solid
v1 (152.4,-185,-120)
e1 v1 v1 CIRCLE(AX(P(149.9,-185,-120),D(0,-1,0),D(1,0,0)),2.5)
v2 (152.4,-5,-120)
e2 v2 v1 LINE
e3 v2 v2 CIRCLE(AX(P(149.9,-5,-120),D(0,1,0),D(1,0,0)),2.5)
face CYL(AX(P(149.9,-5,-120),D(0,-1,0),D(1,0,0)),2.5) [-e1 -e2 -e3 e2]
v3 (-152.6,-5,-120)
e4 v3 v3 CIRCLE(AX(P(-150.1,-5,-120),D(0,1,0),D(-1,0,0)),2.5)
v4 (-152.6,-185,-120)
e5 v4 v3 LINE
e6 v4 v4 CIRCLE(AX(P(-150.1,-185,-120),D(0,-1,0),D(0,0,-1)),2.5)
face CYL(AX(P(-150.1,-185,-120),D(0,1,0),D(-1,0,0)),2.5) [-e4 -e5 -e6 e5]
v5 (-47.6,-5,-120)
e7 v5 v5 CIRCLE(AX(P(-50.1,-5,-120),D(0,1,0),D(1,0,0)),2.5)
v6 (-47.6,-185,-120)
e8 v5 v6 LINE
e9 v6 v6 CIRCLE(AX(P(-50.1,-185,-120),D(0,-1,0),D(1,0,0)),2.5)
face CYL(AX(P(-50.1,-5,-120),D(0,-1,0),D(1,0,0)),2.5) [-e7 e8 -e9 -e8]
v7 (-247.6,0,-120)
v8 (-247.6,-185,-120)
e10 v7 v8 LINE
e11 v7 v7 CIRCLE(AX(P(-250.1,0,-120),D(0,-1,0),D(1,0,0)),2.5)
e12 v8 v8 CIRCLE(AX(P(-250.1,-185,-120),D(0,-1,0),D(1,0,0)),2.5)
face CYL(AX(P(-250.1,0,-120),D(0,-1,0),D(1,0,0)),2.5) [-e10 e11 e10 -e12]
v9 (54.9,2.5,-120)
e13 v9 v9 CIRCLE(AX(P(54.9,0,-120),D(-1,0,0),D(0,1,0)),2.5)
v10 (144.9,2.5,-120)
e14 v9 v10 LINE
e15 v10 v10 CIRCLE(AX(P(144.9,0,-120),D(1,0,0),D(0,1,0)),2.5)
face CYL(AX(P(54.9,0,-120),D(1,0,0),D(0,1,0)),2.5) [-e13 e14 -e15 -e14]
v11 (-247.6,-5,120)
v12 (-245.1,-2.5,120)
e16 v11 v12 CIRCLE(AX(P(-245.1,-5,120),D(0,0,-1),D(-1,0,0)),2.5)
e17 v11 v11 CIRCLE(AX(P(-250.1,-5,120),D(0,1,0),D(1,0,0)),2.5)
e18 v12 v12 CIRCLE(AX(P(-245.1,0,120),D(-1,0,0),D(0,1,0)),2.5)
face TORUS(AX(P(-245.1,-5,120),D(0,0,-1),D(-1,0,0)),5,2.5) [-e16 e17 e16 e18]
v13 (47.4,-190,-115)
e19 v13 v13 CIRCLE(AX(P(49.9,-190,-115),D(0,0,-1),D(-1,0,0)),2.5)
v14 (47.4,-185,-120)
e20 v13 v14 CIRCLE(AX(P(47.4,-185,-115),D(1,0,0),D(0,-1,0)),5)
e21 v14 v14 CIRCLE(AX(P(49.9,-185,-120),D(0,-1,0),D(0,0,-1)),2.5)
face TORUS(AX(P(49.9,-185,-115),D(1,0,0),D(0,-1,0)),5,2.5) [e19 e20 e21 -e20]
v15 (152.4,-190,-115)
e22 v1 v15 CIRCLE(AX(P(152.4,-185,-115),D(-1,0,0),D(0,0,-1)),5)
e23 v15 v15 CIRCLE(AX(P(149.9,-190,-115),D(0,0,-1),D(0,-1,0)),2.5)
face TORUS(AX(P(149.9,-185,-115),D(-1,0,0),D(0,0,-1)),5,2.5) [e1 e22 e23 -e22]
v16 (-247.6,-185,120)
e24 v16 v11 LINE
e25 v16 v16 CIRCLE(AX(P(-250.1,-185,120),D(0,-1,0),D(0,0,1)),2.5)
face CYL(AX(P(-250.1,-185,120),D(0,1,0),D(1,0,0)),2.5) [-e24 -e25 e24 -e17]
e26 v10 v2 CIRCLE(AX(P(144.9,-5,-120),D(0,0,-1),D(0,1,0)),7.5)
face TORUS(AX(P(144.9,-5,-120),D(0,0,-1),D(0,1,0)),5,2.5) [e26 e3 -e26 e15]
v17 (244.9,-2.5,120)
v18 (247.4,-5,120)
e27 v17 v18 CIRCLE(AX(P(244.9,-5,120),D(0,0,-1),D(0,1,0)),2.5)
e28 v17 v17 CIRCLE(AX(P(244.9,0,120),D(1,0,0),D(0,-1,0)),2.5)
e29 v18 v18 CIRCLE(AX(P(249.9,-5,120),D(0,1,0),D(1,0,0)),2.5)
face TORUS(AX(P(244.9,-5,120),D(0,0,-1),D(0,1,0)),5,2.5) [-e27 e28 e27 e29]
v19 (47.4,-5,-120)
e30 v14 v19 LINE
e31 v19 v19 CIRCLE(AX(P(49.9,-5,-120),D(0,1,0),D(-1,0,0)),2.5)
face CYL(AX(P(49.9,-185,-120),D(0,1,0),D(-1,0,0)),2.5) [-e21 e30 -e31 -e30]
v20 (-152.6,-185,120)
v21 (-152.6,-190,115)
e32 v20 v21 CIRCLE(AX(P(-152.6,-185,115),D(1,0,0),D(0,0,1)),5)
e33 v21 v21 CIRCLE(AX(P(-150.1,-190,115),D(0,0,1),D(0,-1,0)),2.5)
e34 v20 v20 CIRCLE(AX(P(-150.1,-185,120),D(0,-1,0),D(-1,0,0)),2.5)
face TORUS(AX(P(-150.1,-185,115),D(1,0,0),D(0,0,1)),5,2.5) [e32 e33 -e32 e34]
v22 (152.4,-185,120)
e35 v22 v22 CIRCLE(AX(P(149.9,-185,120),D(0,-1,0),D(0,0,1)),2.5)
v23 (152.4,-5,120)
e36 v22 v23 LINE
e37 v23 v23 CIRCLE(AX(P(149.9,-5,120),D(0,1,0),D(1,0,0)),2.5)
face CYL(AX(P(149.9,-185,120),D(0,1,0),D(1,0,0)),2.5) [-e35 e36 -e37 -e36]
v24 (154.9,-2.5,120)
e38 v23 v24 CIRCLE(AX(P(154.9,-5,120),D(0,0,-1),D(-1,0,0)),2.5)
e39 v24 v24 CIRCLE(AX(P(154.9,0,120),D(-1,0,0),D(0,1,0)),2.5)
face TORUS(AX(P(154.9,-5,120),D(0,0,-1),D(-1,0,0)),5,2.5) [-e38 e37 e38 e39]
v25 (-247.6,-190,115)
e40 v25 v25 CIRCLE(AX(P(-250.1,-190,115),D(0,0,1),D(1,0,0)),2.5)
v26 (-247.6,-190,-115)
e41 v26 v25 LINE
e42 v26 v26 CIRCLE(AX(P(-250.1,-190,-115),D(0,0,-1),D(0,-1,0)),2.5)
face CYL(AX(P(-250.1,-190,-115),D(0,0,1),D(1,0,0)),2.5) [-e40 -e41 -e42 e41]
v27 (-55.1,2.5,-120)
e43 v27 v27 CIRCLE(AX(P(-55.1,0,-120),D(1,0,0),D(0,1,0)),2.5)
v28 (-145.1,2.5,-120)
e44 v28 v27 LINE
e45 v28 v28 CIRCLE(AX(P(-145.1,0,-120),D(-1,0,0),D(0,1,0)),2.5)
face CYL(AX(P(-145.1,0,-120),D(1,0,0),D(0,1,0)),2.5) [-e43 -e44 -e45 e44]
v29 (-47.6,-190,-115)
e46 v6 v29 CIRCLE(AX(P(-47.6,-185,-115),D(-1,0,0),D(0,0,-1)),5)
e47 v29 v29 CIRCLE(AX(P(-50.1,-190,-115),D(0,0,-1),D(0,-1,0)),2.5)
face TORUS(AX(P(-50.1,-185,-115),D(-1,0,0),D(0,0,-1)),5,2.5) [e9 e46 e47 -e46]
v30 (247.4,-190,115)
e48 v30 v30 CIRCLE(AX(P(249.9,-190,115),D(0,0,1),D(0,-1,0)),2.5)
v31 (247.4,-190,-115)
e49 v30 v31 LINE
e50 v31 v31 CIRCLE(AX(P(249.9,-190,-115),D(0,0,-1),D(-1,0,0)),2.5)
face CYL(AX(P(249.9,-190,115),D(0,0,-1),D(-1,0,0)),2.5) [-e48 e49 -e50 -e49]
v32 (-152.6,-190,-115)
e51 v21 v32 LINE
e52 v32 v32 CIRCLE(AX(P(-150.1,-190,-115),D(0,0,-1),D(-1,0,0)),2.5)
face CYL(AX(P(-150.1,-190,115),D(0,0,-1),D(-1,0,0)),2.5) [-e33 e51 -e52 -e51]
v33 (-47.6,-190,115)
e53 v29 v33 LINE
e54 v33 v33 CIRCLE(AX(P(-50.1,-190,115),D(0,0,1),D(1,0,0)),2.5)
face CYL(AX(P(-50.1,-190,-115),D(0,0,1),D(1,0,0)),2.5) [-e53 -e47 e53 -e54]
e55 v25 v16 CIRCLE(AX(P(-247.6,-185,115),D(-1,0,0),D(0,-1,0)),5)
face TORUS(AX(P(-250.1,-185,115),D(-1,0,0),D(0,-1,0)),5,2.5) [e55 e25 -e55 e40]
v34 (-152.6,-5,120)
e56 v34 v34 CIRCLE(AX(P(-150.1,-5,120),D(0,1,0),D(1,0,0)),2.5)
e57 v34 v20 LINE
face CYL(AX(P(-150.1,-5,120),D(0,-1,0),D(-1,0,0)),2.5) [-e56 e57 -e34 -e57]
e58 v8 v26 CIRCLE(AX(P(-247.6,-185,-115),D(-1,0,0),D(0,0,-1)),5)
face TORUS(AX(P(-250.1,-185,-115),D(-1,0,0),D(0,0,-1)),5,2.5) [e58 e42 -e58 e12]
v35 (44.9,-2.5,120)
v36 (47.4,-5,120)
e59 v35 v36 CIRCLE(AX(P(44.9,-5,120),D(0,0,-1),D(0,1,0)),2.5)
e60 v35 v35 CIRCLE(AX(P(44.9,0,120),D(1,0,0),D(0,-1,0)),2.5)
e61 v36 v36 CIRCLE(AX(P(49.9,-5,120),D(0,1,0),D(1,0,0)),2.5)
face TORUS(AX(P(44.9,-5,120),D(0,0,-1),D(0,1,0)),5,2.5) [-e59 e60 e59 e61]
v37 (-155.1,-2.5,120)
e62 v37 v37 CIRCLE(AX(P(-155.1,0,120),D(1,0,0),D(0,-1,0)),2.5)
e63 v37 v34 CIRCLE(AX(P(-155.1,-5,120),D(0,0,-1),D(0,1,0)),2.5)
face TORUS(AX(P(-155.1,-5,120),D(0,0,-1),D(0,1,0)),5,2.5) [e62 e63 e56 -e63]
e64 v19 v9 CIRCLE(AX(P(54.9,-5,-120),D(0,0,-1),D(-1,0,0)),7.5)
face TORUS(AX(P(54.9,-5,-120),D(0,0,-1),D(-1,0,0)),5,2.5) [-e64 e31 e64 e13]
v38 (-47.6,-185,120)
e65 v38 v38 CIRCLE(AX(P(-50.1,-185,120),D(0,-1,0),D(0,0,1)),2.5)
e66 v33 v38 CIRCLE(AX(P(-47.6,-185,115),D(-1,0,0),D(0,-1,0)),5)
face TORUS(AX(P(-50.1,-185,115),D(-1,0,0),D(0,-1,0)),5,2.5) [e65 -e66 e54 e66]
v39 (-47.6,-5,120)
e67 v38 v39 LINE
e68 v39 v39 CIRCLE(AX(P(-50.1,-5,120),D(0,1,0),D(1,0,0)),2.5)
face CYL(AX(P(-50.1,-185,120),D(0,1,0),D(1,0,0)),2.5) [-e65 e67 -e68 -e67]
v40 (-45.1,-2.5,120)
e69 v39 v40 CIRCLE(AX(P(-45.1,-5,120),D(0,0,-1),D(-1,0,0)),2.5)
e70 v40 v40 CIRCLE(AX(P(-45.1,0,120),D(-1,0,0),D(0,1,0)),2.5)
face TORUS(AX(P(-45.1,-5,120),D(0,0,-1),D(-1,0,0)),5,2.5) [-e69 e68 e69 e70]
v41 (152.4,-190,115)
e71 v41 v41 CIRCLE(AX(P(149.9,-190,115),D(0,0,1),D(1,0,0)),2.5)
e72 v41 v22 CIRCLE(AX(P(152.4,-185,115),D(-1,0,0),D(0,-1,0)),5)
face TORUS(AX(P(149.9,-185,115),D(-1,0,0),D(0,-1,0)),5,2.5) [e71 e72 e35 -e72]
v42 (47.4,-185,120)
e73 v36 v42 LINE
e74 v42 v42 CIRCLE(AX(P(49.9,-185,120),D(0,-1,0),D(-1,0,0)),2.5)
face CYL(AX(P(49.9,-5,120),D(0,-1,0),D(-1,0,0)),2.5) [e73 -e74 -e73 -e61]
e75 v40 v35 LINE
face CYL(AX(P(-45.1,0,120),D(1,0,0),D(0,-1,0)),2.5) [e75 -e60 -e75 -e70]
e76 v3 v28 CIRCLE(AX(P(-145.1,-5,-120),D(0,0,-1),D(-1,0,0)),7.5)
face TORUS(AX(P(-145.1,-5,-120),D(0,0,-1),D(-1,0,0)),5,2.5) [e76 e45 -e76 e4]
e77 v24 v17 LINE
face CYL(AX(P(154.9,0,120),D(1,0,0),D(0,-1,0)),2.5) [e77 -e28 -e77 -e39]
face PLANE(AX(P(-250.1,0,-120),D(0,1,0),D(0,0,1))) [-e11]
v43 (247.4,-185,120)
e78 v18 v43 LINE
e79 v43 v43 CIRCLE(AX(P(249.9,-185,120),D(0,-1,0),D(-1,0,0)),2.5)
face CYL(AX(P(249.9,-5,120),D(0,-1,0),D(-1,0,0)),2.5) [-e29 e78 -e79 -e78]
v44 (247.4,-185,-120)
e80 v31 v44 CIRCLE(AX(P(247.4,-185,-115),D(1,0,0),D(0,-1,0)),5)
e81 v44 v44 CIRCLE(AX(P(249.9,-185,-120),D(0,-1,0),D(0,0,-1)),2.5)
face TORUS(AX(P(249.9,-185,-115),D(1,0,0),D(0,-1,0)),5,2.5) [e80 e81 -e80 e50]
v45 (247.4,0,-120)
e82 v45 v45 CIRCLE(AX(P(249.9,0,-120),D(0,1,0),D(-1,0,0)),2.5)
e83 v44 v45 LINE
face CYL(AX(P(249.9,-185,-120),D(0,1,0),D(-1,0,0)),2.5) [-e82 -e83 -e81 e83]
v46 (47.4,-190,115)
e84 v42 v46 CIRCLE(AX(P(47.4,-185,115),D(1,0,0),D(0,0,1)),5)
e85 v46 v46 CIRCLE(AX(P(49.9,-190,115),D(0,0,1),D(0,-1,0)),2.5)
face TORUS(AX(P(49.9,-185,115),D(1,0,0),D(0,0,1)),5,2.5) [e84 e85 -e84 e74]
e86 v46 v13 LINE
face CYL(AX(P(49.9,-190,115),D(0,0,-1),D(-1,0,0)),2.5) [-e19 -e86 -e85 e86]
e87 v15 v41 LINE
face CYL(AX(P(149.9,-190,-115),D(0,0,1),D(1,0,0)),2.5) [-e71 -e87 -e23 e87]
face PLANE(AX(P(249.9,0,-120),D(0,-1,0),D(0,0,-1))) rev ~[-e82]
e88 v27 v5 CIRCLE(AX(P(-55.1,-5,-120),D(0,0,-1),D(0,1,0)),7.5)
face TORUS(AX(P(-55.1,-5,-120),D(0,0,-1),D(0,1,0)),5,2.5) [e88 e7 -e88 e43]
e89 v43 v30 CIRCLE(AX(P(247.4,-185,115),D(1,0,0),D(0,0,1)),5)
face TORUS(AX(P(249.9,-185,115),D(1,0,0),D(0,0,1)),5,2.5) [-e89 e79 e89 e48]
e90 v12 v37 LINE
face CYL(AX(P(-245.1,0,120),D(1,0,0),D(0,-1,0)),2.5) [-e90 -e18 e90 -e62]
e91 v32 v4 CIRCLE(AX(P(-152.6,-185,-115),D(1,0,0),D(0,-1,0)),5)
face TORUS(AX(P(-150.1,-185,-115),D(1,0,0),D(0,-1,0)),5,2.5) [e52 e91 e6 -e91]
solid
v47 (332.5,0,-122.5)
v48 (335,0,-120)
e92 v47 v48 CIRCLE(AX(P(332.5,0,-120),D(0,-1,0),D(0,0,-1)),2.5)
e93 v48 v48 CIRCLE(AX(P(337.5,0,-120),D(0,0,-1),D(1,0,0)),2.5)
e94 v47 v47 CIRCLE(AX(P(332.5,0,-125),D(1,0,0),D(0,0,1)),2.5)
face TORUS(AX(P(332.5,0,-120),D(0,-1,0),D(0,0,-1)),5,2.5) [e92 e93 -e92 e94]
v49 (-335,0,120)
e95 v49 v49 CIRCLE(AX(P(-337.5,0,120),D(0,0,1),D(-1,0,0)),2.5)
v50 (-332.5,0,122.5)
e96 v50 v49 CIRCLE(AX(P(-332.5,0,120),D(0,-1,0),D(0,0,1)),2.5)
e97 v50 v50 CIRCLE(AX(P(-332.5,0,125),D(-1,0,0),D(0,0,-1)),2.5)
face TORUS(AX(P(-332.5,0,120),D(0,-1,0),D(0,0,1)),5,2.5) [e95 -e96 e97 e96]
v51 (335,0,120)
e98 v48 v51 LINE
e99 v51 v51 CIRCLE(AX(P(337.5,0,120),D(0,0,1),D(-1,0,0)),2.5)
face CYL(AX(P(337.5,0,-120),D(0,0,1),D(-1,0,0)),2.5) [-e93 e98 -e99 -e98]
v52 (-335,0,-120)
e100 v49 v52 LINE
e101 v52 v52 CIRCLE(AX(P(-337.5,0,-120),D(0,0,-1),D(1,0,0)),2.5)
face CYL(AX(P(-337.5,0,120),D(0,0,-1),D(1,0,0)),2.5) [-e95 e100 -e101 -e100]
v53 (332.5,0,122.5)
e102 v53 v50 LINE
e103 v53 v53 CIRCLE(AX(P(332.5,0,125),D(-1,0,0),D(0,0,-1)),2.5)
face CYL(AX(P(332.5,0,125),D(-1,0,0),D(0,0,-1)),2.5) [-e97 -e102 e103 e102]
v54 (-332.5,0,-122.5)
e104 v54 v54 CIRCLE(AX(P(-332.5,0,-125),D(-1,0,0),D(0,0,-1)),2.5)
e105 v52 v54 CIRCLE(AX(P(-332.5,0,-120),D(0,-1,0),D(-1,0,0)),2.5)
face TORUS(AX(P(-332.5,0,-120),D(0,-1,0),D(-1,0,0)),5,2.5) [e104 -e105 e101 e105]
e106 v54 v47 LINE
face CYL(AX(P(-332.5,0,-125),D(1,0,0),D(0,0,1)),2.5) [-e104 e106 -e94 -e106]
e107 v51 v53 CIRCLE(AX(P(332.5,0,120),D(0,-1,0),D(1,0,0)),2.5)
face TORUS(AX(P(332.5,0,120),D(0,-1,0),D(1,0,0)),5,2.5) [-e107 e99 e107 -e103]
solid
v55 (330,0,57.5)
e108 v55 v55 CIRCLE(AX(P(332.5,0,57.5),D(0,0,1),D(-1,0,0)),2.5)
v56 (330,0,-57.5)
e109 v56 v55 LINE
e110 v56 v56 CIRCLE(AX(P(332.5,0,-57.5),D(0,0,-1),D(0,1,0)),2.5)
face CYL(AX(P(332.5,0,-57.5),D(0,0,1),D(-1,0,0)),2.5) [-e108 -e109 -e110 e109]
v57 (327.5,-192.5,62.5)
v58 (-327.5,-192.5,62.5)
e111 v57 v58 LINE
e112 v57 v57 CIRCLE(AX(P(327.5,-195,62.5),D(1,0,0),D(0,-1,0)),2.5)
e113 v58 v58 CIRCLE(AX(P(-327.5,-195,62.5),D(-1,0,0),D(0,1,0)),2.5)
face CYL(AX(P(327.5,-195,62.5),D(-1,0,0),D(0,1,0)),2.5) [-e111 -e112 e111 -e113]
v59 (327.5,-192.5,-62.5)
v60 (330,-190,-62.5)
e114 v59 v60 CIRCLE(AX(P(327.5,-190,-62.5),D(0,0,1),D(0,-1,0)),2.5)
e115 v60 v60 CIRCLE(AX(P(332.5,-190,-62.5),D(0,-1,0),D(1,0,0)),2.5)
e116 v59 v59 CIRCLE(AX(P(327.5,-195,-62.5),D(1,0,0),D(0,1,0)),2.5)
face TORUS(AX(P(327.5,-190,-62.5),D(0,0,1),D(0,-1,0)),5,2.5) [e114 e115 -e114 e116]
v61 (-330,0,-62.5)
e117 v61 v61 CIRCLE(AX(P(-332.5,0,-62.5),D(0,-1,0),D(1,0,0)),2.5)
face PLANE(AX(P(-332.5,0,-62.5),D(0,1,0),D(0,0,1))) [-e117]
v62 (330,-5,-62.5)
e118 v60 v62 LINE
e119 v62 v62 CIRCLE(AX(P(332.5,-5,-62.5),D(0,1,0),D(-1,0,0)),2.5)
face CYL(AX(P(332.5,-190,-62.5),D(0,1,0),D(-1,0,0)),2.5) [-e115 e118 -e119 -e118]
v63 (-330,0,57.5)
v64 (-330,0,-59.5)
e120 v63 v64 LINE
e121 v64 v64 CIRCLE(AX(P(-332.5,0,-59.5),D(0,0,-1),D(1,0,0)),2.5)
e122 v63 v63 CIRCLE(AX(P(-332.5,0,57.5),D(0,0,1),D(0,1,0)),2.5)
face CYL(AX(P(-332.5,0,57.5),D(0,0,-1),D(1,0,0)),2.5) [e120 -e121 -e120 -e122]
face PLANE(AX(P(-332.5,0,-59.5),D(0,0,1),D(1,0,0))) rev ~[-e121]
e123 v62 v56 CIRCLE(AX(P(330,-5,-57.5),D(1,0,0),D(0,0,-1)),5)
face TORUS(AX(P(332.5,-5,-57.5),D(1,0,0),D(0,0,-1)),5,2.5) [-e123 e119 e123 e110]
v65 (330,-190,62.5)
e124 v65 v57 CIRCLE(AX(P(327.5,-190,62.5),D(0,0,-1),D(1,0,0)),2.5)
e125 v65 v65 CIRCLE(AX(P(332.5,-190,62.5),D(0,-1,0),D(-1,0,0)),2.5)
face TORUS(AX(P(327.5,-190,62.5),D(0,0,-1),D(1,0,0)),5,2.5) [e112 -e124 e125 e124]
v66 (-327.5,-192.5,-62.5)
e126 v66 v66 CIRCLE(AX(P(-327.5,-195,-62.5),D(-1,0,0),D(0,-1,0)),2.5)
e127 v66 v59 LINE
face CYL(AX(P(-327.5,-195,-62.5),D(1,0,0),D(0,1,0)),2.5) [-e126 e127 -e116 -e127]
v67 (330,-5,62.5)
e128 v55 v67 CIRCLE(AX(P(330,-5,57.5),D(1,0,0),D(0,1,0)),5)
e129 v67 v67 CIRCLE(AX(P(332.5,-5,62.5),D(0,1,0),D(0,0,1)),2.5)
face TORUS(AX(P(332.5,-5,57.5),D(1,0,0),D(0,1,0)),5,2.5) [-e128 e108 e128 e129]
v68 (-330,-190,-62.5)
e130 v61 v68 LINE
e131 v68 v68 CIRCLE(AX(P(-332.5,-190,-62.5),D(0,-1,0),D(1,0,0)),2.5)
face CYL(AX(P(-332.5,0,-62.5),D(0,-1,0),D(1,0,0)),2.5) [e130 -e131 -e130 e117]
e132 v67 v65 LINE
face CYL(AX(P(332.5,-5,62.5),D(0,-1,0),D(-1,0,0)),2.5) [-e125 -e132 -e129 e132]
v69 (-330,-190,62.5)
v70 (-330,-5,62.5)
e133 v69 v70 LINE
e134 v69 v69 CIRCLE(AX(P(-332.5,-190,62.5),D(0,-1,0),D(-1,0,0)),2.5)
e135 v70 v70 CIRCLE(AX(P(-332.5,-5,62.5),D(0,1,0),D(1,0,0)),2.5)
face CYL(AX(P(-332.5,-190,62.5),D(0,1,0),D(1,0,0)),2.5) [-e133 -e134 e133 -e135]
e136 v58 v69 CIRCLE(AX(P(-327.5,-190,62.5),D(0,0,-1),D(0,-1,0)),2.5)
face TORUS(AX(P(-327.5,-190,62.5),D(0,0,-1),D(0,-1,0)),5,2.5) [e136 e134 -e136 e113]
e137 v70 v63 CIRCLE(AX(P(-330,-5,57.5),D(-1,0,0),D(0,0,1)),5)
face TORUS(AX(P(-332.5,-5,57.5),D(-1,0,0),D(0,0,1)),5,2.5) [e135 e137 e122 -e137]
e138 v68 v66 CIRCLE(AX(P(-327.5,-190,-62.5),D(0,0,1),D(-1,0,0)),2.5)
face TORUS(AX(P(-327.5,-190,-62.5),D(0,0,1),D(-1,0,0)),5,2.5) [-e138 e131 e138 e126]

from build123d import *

# Parameters (mm, degrees)
SKETCH4_R  = 2.5
SKETCH14_R = 2.5
SKETCH15_R = 2.5


with BuildPart() as part:
    # Sweep2: sweep along a path in Sketch3
    with BuildLine(Plane(origin=(0, 0, 0), x_dir=(1, 0, 0), z_dir=(0, 1, 0))) as sweep2_path:
        Line((332.5, -125), (-332.5, -125))
        ThreePointArc((-332.5, -125), (-336.035533906, -123.535533906), (-337.5, -120))
        Line((-337.5, -120), (-337.5, 120))
        ThreePointArc((-337.5, 120), (-336.035533906, 123.535533906), (-332.5, 125))
        Line((-332.5, 125), (332.5, 125))
        ThreePointArc((332.5, 125), (336.035533906, 123.535533906), (337.5, 120))
        Line((337.5, 120), (337.5, -120))
        ThreePointArc((337.5, -120), (336.035533906, -123.535533906), (332.5, -125))
    # Sketch4 → Sweep2 (sweep)
    with BuildSketch(Plane(origin=(0, 0, 0), x_dir=(0, 0, -1), z_dir=(1, 0, 0))):
        with Locations((-125, 0)):
            Circle(SKETCH4_R)
    sweep(path=sweep2_path.line)


with BuildPart() as body_2:
    # Sweep9: sweep along a curve in space
    with BuildLine() as sweep9_path:
        Line((-332.5, 0, -62.5), (-332.5, -190, -62.5))
        ThreePointArc((-332.5, -190, -62.5), (-331.035533906, -193.535533906, -62.5), (-327.5, -195, -62.5))
        Line((-327.5, -195, -62.5), (327.5, -195, -62.5))
        ThreePointArc((327.5, -195, -62.5), (331.035533906, -193.535533906, -62.5), (332.5, -190, -62.5))
        Line((332.5, -190, -62.5), (332.5, -5, -62.5))
        ThreePointArc((332.5, -5, -62.5), (332.5, -1.464466094, -61.035533906), (332.5, 0, -57.5))
        Line((332.5, 0, -57.5), (332.5, 0, 57.5))
        ThreePointArc((332.5, 0, 57.5), (332.5, -1.464466094, 61.035533906), (332.5, -5, 62.5))
        Line((332.5, -5, 62.5), (332.5, -190, 62.5))
        ThreePointArc((332.5, -190, 62.5), (331.035533906, -193.535533906, 62.5), (327.5, -195, 62.5))
        Line((327.5, -195, 62.5), (-327.5, -195, 62.5))
        ThreePointArc((-327.5, -195, 62.5), (-331.035533906, -193.535533906, 62.5), (-332.5, -190, 62.5))
        Line((-332.5, -190, 62.5), (-332.5, -5, 62.5))
        ThreePointArc((-332.5, -5, 62.5), (-332.5, -1.464466094, 61.035533906), (-332.5, 0, 57.5))
        Line((-332.5, 0, 57.5), (-332.5, 0, -59.5))
    # Sketch14 → Sweep9 (sweep)
    with BuildSketch(Plane(origin=(0, 0, 0), x_dir=(1, 0, 0), z_dir=(0, 1, 0))):
        with Locations((-332.5, 62.5)):
            Circle(SKETCH14_R)
    sweep(path=sweep9_path.line)


with BuildPart() as body_3:
    # Sweep10: sweep along a curve in space
    with BuildLine() as sweep10_path:
        Line((-250.1, 0, -120), (-250.1, -185, -120))
        ThreePointArc((-250.1, -185, -120), (-250.1, -188.535533906, -118.535533906), (-250.1, -190, -115))
        Line((-250.1, -190, -115), (-250.1, -190, 115))
        ThreePointArc((-250.1, -190, 115), (-250.1, -188.535533906, 118.535533906), (-250.1, -185, 120))
        Line((-250.1, -185, 120), (-250.1, -5, 120))
        ThreePointArc((-250.1, -5, 120), (-248.635533906, -1.464466094, 120), (-245.1, 0, 120))
        Line((-245.1, 0, 120), (-155.1, 0, 120))
        ThreePointArc((-155.1, 0, 120), (-151.564466094, -1.464466094, 120), (-150.1, -5, 120))
        Line((-150.1, -5, 120), (-150.1, -185, 120))
        ThreePointArc((-150.1, -185, 120), (-150.1, -188.535533906, 118.535533906), (-150.1, -190, 115))
        Line((-150.1, -190, 115), (-150.1, -190, -115))
        ThreePointArc((-150.1, -190, -115), (-150.1, -188.535533906, -118.535533906), (-150.1, -185, -120))
        Line((-150.1, -185, -120), (-150.1, -5, -120))
        ThreePointArc((-150.1, -5, -120), (-148.635533906, -1.464466094, -120), (-145.1, 0, -120))
        Line((-145.1, 0, -120), (-55.1, 0, -120))
        ThreePointArc((-55.1, 0, -120), (-51.564466094, -1.464466094, -120), (-50.1, -5, -120))
        Line((-50.1, -5, -120), (-50.1, -185, -120))
        ThreePointArc((-50.1, -185, -120), (-50.1, -188.535533906, -118.535533906), (-50.1, -190, -115))
        Line((-50.1, -190, -115), (-50.1, -190, 115))
        ThreePointArc((-50.1, -190, 115), (-50.1, -188.535533906, 118.535533906), (-50.1, -185, 120))
        Line((-50.1, -185, 120), (-50.1, -5, 120))
        ThreePointArc((-50.1, -5, 120), (-48.635533906, -1.464466094, 120), (-45.1, 0, 120))
        Line((-45.1, 0, 120), (44.9, 0, 120))
        ThreePointArc((44.9, 0, 120), (48.435533906, -1.464466094, 120), (49.9, -5, 120))
        Line((49.9, -5, 120), (49.9, -185, 120))
        ThreePointArc((49.9, -185, 120), (49.9, -188.535533906, 118.535533906), (49.9, -190, 115))
        Line((49.9, -190, 115), (49.9, -190, -115))
        ThreePointArc((49.9, -190, -115), (49.9, -188.535533906, -118.535533906), (49.9, -185, -120))
        Line((49.9, -185, -120), (49.9, -5, -120))
        ThreePointArc((49.9, -5, -120), (51.364466094, -1.464466094, -120), (54.9, 0, -120))
        Line((54.9, 0, -120), (144.9, 0, -120))
        ThreePointArc((144.9, 0, -120), (148.435533906, -1.464466094, -120), (149.9, -5, -120))
        Line((149.9, -5, -120), (149.9, -185, -120))
        ThreePointArc((149.9, -185, -120), (149.9, -188.535533906, -118.535533906), (149.9, -190, -115))
        Line((149.9, -190, -115), (149.9, -190, 115))
        ThreePointArc((149.9, -190, 115), (149.9, -188.535533906, 118.535533906), (149.9, -185, 120))
        Line((149.9, -185, 120), (149.9, -5, 120))
        ThreePointArc((149.9, -5, 120), (151.364466094, -1.464466094, 120), (154.9, 0, 120))
        Line((154.9, 0, 120), (244.9, 0, 120))
        ThreePointArc((244.9, 0, 120), (248.435533906, -1.464466094, 120), (249.9, -5, 120))
        Line((249.9, -5, 120), (249.9, -185, 120))
        ThreePointArc((249.9, -185, 120), (249.9, -188.535533906, 118.535533906), (249.9, -190, 115))
        Line((249.9, -190, 115), (249.9, -190, -115))
        ThreePointArc((249.9, -190, -115), (249.9, -188.535533906, -118.535533906), (249.9, -185, -120))
        Line((249.9, -185, -120), (249.9, 0, -120))
    # Sketch15 → Sweep10 (sweep)
    with BuildSketch(Plane(origin=(0, 0, 0), x_dir=(1, 0, 0), z_dir=(0, 1, 0))):
        with Locations((-250.1, 120)):
            Circle(SKETCH15_R)
    sweep(path=sweep10_path.line)


solid = Compound([part.part, body_2.part, body_3.part])
